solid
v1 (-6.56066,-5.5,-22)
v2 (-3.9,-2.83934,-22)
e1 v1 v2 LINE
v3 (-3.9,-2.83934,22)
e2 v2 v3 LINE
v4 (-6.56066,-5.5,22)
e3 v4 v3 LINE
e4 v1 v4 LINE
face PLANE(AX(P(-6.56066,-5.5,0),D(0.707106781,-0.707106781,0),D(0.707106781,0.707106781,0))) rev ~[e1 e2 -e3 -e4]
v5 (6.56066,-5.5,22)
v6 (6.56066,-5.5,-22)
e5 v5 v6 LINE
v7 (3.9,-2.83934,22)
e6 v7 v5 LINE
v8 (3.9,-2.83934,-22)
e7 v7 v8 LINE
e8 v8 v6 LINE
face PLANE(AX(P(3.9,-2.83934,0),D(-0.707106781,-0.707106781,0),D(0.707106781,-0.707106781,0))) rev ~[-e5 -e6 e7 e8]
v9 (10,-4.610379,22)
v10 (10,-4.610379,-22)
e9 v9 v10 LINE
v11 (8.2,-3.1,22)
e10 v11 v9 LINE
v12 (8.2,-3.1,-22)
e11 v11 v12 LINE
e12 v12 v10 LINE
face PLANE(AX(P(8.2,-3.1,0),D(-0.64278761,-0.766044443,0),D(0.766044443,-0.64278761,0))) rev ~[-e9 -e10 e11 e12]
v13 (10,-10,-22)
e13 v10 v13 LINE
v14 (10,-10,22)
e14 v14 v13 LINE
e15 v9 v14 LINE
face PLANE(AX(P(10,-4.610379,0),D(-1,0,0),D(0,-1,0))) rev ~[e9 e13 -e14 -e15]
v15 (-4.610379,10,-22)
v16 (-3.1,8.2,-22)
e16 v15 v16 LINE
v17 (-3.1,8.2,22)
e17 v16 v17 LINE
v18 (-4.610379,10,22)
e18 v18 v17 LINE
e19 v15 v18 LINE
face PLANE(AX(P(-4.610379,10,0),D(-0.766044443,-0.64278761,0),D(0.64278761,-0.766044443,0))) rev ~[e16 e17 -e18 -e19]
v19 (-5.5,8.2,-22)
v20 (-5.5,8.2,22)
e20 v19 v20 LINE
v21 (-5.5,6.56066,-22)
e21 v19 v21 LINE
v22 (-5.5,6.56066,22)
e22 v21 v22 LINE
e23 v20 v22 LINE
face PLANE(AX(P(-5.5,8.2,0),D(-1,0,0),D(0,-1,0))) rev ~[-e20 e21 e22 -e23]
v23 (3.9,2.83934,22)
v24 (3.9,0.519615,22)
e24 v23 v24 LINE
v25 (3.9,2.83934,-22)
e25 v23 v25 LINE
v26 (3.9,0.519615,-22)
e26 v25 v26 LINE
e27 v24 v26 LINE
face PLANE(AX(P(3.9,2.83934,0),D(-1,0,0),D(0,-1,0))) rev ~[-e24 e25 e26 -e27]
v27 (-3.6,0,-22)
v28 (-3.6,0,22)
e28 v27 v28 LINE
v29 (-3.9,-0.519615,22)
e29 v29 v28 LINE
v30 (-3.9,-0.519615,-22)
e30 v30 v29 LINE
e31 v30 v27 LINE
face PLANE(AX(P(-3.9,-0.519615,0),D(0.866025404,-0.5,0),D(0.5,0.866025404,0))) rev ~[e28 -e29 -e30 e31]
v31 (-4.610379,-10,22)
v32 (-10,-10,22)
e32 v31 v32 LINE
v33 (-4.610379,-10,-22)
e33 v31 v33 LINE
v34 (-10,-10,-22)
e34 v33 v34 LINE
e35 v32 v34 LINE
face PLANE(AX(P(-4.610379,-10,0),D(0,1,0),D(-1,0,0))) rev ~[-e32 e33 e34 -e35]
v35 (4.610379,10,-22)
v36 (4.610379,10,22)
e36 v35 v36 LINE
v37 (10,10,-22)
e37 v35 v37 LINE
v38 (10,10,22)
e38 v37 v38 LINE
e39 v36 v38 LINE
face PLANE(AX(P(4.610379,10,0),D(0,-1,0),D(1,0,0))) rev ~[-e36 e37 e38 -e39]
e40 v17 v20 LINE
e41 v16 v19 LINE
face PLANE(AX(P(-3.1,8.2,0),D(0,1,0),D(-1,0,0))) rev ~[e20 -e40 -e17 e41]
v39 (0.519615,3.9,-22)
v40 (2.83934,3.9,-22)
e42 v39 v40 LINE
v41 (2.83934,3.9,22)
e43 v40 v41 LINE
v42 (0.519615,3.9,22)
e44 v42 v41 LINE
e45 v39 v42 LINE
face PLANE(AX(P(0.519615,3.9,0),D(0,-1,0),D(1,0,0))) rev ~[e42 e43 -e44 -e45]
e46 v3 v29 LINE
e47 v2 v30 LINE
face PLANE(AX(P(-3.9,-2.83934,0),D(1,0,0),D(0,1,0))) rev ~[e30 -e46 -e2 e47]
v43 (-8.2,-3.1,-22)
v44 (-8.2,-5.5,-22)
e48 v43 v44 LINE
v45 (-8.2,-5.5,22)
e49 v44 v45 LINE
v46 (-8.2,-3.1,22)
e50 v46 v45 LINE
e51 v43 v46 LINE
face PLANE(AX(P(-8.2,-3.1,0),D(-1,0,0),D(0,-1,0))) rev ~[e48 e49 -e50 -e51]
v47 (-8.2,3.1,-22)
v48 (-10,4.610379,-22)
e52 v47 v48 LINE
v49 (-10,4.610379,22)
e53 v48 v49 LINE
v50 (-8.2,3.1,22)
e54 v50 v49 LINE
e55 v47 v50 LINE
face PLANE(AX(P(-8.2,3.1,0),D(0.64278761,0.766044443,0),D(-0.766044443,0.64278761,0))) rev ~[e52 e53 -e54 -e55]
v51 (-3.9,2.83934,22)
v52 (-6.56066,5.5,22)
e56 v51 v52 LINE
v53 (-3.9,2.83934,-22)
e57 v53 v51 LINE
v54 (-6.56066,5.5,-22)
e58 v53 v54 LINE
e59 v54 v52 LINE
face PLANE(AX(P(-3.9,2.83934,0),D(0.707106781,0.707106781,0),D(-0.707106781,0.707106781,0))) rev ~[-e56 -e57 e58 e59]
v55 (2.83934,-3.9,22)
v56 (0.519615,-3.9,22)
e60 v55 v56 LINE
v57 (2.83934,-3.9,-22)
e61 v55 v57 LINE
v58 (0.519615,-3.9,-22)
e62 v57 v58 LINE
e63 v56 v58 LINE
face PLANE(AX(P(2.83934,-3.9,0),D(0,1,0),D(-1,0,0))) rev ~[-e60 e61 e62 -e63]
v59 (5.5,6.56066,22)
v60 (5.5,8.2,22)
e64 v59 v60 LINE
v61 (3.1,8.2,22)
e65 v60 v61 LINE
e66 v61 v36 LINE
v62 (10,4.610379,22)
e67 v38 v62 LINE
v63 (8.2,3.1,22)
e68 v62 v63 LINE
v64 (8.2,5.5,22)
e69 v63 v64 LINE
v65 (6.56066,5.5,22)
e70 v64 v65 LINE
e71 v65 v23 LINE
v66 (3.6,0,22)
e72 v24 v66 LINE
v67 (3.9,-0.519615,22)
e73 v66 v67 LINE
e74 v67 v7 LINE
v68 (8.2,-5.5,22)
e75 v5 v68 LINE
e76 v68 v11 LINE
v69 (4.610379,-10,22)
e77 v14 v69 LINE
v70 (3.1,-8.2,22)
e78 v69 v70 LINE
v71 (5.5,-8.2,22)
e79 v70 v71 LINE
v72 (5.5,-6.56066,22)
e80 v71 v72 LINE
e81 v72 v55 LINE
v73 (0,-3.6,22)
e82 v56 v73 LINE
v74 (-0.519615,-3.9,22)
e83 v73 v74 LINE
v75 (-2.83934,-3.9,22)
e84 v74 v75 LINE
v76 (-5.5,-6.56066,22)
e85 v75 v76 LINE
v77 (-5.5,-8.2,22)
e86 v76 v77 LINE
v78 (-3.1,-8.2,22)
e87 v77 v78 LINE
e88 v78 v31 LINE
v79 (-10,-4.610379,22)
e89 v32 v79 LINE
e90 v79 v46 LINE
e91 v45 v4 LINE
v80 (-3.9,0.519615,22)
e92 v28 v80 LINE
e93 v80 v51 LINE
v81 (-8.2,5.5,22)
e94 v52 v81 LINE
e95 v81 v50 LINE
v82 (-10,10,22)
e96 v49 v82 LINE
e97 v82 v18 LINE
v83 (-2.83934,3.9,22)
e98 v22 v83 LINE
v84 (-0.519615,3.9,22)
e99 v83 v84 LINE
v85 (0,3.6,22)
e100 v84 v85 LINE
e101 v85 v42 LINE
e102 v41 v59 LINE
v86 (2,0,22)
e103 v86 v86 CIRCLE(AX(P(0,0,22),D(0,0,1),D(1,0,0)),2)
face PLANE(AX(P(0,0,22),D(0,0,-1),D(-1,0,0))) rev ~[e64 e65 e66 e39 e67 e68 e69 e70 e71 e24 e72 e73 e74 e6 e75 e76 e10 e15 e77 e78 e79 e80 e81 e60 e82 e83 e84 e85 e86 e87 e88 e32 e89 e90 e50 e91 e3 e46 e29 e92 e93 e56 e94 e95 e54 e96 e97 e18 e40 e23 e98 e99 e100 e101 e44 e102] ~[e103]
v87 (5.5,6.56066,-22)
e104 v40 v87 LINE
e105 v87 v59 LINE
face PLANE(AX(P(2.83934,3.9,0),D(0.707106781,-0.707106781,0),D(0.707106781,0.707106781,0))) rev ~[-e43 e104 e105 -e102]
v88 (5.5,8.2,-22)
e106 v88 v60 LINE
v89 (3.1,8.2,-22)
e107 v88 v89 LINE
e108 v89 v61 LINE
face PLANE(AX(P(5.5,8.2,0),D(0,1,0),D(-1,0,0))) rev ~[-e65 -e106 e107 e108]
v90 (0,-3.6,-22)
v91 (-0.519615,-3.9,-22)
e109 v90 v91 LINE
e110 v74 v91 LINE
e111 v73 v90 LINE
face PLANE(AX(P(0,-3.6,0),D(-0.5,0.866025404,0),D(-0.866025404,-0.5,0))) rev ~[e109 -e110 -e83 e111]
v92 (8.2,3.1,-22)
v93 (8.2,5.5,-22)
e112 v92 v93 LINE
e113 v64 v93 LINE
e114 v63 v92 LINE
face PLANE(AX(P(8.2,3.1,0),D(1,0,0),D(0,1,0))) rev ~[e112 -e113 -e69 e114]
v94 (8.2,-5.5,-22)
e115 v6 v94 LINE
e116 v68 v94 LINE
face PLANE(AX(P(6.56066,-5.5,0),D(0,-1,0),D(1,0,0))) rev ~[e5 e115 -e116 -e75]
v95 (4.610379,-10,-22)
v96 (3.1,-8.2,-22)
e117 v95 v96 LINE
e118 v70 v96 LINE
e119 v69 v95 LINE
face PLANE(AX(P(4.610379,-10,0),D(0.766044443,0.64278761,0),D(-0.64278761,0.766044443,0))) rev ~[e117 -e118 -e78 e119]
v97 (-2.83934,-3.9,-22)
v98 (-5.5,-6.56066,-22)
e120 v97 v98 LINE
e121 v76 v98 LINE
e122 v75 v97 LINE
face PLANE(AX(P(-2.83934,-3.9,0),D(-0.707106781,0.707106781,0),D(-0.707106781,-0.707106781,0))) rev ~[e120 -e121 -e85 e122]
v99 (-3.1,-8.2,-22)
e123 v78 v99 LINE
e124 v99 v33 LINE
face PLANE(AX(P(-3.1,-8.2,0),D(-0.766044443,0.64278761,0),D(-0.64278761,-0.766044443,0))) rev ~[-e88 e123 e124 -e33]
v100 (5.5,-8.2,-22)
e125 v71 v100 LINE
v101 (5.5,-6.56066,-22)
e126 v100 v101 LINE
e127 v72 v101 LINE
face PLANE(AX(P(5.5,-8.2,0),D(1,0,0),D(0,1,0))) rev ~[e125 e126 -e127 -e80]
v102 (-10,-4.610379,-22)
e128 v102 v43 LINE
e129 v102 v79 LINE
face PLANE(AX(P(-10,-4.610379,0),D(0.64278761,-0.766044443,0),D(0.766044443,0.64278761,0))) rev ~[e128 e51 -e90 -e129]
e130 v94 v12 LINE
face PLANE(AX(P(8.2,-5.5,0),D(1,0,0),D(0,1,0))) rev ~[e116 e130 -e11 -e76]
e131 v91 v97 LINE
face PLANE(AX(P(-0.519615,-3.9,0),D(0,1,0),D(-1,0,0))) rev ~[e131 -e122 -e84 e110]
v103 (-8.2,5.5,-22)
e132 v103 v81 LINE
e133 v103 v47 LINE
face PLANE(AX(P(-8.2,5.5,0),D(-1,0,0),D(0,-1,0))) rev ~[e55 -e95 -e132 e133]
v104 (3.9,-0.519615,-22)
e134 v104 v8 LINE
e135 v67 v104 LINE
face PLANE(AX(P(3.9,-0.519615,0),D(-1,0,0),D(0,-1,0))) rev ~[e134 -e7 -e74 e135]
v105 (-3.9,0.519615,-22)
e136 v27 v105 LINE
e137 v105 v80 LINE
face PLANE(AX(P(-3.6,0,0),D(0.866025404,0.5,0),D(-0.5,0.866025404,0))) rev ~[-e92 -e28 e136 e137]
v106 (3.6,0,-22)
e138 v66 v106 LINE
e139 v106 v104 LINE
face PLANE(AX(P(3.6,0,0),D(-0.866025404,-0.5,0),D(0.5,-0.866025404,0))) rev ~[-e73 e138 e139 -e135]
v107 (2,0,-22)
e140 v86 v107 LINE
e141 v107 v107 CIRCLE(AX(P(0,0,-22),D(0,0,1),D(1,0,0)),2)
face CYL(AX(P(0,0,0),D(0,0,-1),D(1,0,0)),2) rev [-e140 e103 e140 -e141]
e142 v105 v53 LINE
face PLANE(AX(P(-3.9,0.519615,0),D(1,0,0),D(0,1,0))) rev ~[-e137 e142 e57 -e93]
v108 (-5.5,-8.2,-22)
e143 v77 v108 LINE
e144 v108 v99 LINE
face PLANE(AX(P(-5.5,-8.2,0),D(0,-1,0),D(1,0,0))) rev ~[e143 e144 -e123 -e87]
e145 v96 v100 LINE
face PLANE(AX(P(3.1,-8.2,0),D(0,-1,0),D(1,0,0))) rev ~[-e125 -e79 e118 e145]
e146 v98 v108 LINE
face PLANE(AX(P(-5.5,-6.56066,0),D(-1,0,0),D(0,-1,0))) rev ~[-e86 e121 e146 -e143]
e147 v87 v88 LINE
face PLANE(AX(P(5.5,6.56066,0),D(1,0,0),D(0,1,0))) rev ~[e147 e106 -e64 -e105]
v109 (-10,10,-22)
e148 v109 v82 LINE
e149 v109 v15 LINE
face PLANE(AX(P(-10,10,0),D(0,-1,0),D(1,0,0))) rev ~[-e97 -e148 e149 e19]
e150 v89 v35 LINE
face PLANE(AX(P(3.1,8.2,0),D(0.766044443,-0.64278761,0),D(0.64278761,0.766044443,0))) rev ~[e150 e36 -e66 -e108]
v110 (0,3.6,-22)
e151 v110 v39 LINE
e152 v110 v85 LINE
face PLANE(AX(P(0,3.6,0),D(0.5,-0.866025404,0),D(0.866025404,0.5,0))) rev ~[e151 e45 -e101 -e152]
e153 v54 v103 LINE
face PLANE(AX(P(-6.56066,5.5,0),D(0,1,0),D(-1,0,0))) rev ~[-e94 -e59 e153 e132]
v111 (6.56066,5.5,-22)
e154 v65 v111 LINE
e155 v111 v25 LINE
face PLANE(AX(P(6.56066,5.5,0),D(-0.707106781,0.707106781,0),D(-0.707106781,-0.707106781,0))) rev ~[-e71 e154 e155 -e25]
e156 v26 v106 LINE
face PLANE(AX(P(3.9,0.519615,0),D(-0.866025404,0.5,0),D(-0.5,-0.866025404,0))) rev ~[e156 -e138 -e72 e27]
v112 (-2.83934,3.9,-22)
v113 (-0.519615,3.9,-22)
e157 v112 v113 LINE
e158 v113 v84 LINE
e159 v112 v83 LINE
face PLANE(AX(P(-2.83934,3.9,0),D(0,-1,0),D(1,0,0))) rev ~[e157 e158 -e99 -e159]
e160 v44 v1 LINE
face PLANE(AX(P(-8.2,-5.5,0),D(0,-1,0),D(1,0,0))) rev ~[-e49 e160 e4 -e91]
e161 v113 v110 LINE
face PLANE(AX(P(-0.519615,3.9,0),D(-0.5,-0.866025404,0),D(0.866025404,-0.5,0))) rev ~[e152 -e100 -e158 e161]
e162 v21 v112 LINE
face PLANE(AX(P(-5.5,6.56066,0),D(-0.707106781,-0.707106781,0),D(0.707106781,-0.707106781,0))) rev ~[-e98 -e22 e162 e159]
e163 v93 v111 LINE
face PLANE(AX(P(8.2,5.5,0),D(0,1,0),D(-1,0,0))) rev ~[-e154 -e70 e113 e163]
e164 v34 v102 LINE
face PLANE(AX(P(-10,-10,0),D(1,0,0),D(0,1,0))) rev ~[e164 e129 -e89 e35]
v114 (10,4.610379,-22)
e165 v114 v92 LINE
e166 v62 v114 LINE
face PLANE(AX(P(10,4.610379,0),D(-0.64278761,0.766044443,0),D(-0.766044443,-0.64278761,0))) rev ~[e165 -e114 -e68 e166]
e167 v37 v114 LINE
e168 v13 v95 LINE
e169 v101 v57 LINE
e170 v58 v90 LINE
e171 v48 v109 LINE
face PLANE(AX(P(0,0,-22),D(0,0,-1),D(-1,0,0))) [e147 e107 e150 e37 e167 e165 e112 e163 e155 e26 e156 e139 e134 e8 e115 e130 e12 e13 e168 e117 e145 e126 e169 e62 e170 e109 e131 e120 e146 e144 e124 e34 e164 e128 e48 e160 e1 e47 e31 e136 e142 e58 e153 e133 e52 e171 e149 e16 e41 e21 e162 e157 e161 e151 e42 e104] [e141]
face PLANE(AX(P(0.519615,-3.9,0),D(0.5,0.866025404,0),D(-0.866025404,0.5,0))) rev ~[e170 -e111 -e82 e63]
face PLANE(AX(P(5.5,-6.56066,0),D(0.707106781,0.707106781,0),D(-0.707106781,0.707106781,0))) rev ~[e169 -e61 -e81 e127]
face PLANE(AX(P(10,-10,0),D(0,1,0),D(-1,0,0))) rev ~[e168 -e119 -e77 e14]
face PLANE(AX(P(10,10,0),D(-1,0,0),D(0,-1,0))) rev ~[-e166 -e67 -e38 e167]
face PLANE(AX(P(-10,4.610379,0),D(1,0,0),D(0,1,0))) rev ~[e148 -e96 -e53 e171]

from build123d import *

# Parameters (mm, degrees)
SKETCH1_R           = 2
BOSS_EXTRUDE1_DEPTH = 22


with BuildPart() as part:
    # Sketch1 → Boss-Extrude1 (new body, symmetric)
    with BuildSketch(Plane.XY):
        Polygon((10, 10), (10, 4.610379336), (8.2, 3.1), (8.2, 5.5), (6.560660172, 5.5), (3.9, 2.839339828), (3.9, 0.519615242), (3.6, 0), (3.9, -0.519615242), (3.9, -2.839339828), (6.560660172, -5.5), (8.2, -5.5), (8.2, -3.1), (10, -4.610379336), (10, -10), (4.610379336, -10), (3.1, -8.2), (5.5, -8.2), (5.5, -6.560660172), (2.839339828, -3.9), (0.519615242, -3.9), (0, -3.6), (-0.519615242, -3.9), (-2.839339828, -3.9), (-5.5, -6.560660172), (-5.5, -8.2), (-3.1, -8.2), (-4.610379336, -10), (-10, -10), (-10, -4.610379336), (-8.2, -3.1), (-8.2, -5.5), (-6.560660172, -5.5), (-3.9, -2.839339828), (-3.9, -0.519615242), (-3.6, 0), (-3.9, 0.519615242), (-3.9, 2.839339828), (-6.560660172, 5.5), (-8.2, 5.5), (-8.2, 3.1), (-10, 4.610379336), (-10, 10), (-4.610379336, 10), (-3.1, 8.2), (-5.5, 8.2), (-5.5, 6.560660172), (-2.839339828, 3.9), (-0.519615242, 3.9), (0, 3.6), (0.519615242, 3.9), (2.839339828, 3.9), (5.5, 6.560660172), (5.5, 8.2), (3.1, 8.2), (4.610379336, 10), align=None)
        Circle(SKETCH1_R, mode=Mode.SUBTRACT)
    extrude(amount=BOSS_EXTRUDE1_DEPTH, both=True)


solid = part.part
